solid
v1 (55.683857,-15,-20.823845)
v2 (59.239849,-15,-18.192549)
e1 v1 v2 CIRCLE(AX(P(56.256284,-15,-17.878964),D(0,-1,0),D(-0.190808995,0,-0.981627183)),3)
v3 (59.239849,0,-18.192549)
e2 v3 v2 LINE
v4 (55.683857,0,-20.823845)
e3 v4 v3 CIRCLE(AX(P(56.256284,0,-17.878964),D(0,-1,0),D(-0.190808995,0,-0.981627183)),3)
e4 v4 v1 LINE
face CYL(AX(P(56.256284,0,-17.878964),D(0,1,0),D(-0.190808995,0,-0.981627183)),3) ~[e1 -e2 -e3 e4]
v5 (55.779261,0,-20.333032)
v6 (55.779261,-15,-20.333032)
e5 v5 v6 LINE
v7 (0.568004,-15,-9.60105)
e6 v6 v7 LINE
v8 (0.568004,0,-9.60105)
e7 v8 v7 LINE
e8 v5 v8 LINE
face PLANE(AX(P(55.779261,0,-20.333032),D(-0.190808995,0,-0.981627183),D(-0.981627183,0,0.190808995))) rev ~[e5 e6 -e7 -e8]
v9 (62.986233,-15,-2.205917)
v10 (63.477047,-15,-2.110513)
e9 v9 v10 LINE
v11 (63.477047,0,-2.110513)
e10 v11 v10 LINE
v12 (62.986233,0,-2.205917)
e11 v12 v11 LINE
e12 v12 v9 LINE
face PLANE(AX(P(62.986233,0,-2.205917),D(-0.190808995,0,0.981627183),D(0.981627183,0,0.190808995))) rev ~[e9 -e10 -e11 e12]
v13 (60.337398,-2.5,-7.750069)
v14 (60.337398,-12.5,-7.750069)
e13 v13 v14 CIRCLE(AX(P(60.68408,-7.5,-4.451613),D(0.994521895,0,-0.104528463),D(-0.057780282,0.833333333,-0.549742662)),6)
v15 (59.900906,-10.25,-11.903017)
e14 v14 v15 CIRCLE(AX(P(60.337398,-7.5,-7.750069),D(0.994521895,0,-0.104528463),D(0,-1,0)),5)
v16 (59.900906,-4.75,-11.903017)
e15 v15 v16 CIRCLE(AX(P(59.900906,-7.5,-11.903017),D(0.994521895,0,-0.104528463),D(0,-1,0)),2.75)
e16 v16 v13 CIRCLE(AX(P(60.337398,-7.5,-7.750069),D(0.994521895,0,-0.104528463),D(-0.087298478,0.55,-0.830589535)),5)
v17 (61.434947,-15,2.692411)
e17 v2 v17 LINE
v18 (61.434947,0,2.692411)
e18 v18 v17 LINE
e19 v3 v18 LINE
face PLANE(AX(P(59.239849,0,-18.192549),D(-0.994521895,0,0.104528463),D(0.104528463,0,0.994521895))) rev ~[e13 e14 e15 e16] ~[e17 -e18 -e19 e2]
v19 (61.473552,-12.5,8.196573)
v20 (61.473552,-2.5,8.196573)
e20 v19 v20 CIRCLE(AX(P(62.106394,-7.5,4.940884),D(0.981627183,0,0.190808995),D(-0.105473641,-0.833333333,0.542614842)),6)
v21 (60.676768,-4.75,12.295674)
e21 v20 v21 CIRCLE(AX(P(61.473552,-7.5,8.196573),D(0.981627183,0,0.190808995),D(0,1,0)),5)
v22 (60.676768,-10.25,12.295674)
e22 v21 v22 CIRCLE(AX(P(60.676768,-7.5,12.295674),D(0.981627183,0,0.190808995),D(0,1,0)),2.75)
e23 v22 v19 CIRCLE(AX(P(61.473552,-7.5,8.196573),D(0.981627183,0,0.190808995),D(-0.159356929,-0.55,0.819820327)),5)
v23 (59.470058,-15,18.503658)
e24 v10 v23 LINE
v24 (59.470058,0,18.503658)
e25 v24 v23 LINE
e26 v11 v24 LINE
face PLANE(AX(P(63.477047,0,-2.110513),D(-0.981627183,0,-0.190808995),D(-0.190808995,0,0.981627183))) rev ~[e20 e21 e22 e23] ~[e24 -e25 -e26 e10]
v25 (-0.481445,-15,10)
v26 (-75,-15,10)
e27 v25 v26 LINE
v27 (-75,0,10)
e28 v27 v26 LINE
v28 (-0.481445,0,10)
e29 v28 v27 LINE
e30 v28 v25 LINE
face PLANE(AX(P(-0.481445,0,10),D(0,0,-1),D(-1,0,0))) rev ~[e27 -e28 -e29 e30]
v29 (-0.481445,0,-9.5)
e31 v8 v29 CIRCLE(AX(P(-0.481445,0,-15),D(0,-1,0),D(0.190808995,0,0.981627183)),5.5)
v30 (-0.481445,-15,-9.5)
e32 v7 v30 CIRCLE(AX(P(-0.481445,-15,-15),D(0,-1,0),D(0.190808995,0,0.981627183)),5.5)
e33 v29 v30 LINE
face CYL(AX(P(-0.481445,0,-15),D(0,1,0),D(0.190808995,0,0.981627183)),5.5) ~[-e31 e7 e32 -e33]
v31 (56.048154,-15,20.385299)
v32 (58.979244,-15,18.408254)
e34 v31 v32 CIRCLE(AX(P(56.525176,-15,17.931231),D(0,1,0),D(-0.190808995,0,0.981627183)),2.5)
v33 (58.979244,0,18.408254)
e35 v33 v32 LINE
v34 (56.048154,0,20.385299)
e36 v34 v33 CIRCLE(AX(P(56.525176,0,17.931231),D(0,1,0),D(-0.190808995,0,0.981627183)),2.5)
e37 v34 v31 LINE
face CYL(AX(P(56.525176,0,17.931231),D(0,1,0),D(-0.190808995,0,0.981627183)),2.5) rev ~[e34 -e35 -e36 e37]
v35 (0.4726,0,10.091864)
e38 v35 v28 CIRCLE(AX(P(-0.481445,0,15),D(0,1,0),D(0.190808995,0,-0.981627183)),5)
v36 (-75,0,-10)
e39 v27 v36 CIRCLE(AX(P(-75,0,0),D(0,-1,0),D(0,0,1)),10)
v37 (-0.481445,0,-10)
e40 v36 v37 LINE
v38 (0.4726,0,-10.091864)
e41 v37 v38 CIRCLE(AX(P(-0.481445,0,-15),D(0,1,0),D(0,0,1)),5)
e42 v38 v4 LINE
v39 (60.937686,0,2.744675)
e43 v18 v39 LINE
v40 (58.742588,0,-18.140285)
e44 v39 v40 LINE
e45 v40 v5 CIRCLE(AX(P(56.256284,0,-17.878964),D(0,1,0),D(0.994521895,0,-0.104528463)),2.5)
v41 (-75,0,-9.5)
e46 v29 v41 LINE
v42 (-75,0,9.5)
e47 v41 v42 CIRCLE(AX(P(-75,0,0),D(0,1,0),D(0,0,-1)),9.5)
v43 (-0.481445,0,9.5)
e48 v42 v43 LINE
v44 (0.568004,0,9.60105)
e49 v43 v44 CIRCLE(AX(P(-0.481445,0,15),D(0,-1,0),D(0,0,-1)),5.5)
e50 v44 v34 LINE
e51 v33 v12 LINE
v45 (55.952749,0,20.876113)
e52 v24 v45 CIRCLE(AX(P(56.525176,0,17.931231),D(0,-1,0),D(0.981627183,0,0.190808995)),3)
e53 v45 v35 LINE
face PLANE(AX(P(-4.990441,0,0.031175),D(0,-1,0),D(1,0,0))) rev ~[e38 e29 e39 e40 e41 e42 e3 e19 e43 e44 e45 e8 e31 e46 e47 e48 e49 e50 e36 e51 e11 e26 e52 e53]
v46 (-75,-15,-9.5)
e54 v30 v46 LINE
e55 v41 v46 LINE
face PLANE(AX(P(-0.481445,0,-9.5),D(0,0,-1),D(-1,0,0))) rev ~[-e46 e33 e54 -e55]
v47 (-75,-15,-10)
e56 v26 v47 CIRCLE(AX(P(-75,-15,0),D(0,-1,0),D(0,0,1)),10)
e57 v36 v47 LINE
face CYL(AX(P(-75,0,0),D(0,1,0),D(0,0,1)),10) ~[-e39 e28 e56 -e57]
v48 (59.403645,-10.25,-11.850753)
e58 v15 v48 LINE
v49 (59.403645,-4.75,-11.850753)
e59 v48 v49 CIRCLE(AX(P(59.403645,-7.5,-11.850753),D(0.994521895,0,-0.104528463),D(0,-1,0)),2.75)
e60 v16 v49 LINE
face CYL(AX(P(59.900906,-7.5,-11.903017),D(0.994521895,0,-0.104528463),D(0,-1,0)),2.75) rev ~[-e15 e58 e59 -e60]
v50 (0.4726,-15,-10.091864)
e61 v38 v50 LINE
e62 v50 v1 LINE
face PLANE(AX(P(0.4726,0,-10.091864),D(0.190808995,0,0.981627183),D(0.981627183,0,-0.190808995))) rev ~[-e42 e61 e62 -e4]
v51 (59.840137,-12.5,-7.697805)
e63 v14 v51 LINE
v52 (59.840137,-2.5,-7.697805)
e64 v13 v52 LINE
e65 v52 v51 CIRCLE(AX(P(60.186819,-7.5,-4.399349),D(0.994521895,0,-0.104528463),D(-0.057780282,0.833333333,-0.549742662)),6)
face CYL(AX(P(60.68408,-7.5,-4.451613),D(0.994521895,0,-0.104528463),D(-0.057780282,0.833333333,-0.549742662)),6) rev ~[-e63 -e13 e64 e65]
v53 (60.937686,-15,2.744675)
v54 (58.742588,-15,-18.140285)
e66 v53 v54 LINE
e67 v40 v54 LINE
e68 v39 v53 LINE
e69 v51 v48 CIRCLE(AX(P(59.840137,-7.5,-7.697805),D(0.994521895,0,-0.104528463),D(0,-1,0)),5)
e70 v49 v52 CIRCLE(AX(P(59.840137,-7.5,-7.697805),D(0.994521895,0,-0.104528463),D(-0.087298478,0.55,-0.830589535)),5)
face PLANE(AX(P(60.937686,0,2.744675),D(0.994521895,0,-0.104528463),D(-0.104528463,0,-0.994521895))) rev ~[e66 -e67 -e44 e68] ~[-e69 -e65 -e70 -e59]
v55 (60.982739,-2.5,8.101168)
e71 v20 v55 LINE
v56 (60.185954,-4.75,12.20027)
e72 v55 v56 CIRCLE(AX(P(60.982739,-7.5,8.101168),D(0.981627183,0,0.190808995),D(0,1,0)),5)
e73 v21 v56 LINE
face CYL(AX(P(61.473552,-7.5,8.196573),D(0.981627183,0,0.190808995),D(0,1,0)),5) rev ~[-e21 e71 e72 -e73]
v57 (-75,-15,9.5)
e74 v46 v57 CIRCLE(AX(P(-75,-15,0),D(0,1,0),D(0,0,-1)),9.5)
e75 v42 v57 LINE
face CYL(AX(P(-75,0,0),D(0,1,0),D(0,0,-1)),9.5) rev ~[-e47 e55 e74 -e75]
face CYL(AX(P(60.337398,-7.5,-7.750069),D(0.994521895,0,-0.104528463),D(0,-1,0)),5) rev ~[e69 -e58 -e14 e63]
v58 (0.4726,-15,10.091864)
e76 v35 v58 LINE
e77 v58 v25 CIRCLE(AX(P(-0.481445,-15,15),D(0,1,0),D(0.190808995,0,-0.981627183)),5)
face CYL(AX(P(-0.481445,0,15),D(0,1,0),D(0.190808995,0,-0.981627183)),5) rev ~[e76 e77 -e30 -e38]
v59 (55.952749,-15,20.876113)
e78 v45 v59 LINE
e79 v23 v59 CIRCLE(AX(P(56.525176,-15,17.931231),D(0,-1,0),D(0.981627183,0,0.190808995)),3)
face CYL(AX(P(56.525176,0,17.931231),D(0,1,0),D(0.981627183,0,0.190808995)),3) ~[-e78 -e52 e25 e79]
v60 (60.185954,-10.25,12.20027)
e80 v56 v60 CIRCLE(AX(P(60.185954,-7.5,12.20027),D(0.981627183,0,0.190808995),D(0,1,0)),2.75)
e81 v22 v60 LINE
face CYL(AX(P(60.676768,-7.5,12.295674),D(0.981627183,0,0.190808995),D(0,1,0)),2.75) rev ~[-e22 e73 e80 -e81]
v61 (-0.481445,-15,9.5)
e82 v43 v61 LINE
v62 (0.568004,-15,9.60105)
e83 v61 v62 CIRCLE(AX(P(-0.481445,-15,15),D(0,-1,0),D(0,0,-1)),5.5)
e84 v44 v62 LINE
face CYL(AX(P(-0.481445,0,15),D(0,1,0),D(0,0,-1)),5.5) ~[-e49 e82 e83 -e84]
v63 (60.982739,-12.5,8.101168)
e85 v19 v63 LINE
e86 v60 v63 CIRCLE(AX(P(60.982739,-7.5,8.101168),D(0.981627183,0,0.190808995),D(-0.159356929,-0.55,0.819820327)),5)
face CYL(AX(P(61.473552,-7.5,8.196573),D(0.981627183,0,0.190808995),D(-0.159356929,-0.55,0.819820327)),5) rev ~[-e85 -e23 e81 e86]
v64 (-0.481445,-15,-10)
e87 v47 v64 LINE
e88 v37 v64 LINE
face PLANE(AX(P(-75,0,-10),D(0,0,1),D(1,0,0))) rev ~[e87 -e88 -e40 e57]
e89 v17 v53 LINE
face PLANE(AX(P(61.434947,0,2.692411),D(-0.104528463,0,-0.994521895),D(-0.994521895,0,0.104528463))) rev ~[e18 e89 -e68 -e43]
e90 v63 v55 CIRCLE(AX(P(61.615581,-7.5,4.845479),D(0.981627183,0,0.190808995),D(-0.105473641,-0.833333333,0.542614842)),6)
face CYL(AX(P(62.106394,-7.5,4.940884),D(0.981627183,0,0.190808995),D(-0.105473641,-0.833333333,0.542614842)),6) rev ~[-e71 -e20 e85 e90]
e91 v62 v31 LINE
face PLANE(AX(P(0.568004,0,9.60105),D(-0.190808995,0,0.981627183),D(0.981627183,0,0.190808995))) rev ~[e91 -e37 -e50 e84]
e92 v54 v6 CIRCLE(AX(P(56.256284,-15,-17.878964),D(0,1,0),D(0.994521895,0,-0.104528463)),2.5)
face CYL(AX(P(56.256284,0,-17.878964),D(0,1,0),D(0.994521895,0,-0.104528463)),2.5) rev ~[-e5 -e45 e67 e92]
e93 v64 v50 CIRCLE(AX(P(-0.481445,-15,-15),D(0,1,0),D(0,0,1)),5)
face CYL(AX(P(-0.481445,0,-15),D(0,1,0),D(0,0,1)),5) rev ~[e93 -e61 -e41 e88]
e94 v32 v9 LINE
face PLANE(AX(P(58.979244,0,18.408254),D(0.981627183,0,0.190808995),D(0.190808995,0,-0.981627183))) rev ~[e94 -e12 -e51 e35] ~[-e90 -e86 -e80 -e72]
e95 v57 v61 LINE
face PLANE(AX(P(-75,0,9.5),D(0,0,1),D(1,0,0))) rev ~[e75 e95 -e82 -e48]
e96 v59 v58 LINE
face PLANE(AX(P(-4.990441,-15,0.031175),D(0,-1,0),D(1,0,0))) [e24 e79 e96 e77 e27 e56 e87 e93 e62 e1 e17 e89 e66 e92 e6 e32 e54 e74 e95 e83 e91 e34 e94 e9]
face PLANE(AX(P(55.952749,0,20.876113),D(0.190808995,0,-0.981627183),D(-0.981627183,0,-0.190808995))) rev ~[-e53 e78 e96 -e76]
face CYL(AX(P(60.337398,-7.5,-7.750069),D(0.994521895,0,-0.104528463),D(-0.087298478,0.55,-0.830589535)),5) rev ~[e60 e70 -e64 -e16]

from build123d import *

# Parameters (mm, degrees)
F1_DEPTH = 15
F3_DEPTH = 0.5
F5_DEPTH = 1


with BuildPart() as f1:
    # F0 (on Front) → F1 (new body)
    with BuildSketch(Plane.XZ):
        with BuildLine():
            Line((-0.481445241, 10), (-75, 10))
            ThreePointArc((-75, 10), (-85, 0), (-75, -10))
            Line((-75, -10), (-0.481445241, -10))
            ThreePointArc((-0.481445241, -10), (-0.0022164784, -10.0230190082), (0.4725997359, -10.0918640828))
            Line((0.4725997359, -10.0918640828), (55.6838567363, -20.8238452864))
            ThreePointArc((55.6838567363, -20.8238452864), (58.0407520827, -20.2905343179), (59.2398494086, -18.1925491258))
            Line((59.2398494086, -18.1925491258), (61.4349471372, 2.6924106769))
            Line((61.4349471372, 2.6924106769), (60.9376861895, 2.7446749085))
            Line((60.9376861895, 2.7446749085), (58.7425884609, -18.1402848942))
            ThreePointArc((58.7425884609, -18.1402848942), (57.7433406893, -19.8886058876), (55.779261234, -20.3330316947))
            Line((55.779261234, -20.3330316947), (0.5680042336, -9.601050491))
            ThreePointArc((0.5680042336, -9.601050491), (0.0457063979, -9.525320909), (-0.481445241, -9.5))
            Line((-0.481445241, -9.5), (-75, -9.5))
            ThreePointArc((-75, -9.5), (-84.5, 0), (-75, 9.5))
            Line((-75, 9.5), (-0.481445241, 9.5))
            ThreePointArc((-0.481445241, 9.5), (0.0457063979, 9.525320909), (0.5680042336, 9.601050491))
            Line((0.5680042336, 9.601050491), (56.0481539542, 20.3852991447))
            ThreePointArc((56.0481539542, 20.3852991447), (57.9231587013, 20.0038251175), (58.9792444013, 18.4082536746))
            Line((58.9792444013, 18.4082536746), (62.9862333042, -2.2059171778))
            Line((62.9862333042, -2.2059171778), (63.4770468959, -2.1105126802))
            Line((63.4770468959, -2.1105126802), (59.470057993, 18.5036581722))
            ThreePointArc((59.470057993, 18.5036581722), (58.2027551531, 20.4183439038), (55.9527494565, 20.8761127365))
            Line((55.9527494565, 20.8761127365), (0.4725997359, 10.0918640828))
            ThreePointArc((0.4725997359, 10.0918640828), (-0.0022164784, 10.0230190082), (-0.481445241, 10))
        make_face()
    extrude(amount=F1_DEPTH)

    # F2 (on face) → F3 (cut)
    with BuildSketch(Plane(origin=(60.7706639739, 0, 11.8126204498), x_dir=(0, 1, 0), z_dir=(0.9816271834, 0, 0.1908089954))):
        with BuildLine():
            ThreePointArc((-4.75, 0.4920951066), (-7.5, 3.2420951066), (-10.25, 0.4920951066))
            ThreePointArc((-10.25, 0.4920951066), (-11.9017042154, -1.3120199204), (-12.5, -3.6837281655))
            ThreePointArc((-12.5, -3.6837281655), (-7.5, -13.0003529559), (-2.5, -3.6837281655))
            ThreePointArc((-2.5, -3.6837281655), (-3.0982957846, -1.3120199204), (-4.75, 0.4920951066))
        make_face()
    extrude(amount=-F3_DEPTH, mode=Mode.SUBTRACT)

    # F4 (on face) → F5 (cut)
    with BuildSketch(Plane(origin=(60.4838048122, 0, -6.3571040507), x_dir=(0, 1, 0), z_dir=(0.9945218954, 0, -0.1045284633))):
        with BuildLine():
            ThreePointArc((-2.5, -1.4006380153), (-7.5, 7.915986775), (-12.5, -1.4006380153))
            ThreePointArc((-12.5, -1.4006380153), (-11.9017042154, -3.7723462605), (-10.25, -5.5764612875))
            ThreePointArc((-10.25, -5.5764612875), (-7.5, -8.3264612875), (-4.75, -5.5764612875))
            ThreePointArc((-4.75, -5.5764612875), (-3.0982957846, -3.7723462605), (-2.5, -1.4006380153))
        make_face()
    extrude(amount=-F5_DEPTH, mode=Mode.SUBTRACT)


solid = f1.part
